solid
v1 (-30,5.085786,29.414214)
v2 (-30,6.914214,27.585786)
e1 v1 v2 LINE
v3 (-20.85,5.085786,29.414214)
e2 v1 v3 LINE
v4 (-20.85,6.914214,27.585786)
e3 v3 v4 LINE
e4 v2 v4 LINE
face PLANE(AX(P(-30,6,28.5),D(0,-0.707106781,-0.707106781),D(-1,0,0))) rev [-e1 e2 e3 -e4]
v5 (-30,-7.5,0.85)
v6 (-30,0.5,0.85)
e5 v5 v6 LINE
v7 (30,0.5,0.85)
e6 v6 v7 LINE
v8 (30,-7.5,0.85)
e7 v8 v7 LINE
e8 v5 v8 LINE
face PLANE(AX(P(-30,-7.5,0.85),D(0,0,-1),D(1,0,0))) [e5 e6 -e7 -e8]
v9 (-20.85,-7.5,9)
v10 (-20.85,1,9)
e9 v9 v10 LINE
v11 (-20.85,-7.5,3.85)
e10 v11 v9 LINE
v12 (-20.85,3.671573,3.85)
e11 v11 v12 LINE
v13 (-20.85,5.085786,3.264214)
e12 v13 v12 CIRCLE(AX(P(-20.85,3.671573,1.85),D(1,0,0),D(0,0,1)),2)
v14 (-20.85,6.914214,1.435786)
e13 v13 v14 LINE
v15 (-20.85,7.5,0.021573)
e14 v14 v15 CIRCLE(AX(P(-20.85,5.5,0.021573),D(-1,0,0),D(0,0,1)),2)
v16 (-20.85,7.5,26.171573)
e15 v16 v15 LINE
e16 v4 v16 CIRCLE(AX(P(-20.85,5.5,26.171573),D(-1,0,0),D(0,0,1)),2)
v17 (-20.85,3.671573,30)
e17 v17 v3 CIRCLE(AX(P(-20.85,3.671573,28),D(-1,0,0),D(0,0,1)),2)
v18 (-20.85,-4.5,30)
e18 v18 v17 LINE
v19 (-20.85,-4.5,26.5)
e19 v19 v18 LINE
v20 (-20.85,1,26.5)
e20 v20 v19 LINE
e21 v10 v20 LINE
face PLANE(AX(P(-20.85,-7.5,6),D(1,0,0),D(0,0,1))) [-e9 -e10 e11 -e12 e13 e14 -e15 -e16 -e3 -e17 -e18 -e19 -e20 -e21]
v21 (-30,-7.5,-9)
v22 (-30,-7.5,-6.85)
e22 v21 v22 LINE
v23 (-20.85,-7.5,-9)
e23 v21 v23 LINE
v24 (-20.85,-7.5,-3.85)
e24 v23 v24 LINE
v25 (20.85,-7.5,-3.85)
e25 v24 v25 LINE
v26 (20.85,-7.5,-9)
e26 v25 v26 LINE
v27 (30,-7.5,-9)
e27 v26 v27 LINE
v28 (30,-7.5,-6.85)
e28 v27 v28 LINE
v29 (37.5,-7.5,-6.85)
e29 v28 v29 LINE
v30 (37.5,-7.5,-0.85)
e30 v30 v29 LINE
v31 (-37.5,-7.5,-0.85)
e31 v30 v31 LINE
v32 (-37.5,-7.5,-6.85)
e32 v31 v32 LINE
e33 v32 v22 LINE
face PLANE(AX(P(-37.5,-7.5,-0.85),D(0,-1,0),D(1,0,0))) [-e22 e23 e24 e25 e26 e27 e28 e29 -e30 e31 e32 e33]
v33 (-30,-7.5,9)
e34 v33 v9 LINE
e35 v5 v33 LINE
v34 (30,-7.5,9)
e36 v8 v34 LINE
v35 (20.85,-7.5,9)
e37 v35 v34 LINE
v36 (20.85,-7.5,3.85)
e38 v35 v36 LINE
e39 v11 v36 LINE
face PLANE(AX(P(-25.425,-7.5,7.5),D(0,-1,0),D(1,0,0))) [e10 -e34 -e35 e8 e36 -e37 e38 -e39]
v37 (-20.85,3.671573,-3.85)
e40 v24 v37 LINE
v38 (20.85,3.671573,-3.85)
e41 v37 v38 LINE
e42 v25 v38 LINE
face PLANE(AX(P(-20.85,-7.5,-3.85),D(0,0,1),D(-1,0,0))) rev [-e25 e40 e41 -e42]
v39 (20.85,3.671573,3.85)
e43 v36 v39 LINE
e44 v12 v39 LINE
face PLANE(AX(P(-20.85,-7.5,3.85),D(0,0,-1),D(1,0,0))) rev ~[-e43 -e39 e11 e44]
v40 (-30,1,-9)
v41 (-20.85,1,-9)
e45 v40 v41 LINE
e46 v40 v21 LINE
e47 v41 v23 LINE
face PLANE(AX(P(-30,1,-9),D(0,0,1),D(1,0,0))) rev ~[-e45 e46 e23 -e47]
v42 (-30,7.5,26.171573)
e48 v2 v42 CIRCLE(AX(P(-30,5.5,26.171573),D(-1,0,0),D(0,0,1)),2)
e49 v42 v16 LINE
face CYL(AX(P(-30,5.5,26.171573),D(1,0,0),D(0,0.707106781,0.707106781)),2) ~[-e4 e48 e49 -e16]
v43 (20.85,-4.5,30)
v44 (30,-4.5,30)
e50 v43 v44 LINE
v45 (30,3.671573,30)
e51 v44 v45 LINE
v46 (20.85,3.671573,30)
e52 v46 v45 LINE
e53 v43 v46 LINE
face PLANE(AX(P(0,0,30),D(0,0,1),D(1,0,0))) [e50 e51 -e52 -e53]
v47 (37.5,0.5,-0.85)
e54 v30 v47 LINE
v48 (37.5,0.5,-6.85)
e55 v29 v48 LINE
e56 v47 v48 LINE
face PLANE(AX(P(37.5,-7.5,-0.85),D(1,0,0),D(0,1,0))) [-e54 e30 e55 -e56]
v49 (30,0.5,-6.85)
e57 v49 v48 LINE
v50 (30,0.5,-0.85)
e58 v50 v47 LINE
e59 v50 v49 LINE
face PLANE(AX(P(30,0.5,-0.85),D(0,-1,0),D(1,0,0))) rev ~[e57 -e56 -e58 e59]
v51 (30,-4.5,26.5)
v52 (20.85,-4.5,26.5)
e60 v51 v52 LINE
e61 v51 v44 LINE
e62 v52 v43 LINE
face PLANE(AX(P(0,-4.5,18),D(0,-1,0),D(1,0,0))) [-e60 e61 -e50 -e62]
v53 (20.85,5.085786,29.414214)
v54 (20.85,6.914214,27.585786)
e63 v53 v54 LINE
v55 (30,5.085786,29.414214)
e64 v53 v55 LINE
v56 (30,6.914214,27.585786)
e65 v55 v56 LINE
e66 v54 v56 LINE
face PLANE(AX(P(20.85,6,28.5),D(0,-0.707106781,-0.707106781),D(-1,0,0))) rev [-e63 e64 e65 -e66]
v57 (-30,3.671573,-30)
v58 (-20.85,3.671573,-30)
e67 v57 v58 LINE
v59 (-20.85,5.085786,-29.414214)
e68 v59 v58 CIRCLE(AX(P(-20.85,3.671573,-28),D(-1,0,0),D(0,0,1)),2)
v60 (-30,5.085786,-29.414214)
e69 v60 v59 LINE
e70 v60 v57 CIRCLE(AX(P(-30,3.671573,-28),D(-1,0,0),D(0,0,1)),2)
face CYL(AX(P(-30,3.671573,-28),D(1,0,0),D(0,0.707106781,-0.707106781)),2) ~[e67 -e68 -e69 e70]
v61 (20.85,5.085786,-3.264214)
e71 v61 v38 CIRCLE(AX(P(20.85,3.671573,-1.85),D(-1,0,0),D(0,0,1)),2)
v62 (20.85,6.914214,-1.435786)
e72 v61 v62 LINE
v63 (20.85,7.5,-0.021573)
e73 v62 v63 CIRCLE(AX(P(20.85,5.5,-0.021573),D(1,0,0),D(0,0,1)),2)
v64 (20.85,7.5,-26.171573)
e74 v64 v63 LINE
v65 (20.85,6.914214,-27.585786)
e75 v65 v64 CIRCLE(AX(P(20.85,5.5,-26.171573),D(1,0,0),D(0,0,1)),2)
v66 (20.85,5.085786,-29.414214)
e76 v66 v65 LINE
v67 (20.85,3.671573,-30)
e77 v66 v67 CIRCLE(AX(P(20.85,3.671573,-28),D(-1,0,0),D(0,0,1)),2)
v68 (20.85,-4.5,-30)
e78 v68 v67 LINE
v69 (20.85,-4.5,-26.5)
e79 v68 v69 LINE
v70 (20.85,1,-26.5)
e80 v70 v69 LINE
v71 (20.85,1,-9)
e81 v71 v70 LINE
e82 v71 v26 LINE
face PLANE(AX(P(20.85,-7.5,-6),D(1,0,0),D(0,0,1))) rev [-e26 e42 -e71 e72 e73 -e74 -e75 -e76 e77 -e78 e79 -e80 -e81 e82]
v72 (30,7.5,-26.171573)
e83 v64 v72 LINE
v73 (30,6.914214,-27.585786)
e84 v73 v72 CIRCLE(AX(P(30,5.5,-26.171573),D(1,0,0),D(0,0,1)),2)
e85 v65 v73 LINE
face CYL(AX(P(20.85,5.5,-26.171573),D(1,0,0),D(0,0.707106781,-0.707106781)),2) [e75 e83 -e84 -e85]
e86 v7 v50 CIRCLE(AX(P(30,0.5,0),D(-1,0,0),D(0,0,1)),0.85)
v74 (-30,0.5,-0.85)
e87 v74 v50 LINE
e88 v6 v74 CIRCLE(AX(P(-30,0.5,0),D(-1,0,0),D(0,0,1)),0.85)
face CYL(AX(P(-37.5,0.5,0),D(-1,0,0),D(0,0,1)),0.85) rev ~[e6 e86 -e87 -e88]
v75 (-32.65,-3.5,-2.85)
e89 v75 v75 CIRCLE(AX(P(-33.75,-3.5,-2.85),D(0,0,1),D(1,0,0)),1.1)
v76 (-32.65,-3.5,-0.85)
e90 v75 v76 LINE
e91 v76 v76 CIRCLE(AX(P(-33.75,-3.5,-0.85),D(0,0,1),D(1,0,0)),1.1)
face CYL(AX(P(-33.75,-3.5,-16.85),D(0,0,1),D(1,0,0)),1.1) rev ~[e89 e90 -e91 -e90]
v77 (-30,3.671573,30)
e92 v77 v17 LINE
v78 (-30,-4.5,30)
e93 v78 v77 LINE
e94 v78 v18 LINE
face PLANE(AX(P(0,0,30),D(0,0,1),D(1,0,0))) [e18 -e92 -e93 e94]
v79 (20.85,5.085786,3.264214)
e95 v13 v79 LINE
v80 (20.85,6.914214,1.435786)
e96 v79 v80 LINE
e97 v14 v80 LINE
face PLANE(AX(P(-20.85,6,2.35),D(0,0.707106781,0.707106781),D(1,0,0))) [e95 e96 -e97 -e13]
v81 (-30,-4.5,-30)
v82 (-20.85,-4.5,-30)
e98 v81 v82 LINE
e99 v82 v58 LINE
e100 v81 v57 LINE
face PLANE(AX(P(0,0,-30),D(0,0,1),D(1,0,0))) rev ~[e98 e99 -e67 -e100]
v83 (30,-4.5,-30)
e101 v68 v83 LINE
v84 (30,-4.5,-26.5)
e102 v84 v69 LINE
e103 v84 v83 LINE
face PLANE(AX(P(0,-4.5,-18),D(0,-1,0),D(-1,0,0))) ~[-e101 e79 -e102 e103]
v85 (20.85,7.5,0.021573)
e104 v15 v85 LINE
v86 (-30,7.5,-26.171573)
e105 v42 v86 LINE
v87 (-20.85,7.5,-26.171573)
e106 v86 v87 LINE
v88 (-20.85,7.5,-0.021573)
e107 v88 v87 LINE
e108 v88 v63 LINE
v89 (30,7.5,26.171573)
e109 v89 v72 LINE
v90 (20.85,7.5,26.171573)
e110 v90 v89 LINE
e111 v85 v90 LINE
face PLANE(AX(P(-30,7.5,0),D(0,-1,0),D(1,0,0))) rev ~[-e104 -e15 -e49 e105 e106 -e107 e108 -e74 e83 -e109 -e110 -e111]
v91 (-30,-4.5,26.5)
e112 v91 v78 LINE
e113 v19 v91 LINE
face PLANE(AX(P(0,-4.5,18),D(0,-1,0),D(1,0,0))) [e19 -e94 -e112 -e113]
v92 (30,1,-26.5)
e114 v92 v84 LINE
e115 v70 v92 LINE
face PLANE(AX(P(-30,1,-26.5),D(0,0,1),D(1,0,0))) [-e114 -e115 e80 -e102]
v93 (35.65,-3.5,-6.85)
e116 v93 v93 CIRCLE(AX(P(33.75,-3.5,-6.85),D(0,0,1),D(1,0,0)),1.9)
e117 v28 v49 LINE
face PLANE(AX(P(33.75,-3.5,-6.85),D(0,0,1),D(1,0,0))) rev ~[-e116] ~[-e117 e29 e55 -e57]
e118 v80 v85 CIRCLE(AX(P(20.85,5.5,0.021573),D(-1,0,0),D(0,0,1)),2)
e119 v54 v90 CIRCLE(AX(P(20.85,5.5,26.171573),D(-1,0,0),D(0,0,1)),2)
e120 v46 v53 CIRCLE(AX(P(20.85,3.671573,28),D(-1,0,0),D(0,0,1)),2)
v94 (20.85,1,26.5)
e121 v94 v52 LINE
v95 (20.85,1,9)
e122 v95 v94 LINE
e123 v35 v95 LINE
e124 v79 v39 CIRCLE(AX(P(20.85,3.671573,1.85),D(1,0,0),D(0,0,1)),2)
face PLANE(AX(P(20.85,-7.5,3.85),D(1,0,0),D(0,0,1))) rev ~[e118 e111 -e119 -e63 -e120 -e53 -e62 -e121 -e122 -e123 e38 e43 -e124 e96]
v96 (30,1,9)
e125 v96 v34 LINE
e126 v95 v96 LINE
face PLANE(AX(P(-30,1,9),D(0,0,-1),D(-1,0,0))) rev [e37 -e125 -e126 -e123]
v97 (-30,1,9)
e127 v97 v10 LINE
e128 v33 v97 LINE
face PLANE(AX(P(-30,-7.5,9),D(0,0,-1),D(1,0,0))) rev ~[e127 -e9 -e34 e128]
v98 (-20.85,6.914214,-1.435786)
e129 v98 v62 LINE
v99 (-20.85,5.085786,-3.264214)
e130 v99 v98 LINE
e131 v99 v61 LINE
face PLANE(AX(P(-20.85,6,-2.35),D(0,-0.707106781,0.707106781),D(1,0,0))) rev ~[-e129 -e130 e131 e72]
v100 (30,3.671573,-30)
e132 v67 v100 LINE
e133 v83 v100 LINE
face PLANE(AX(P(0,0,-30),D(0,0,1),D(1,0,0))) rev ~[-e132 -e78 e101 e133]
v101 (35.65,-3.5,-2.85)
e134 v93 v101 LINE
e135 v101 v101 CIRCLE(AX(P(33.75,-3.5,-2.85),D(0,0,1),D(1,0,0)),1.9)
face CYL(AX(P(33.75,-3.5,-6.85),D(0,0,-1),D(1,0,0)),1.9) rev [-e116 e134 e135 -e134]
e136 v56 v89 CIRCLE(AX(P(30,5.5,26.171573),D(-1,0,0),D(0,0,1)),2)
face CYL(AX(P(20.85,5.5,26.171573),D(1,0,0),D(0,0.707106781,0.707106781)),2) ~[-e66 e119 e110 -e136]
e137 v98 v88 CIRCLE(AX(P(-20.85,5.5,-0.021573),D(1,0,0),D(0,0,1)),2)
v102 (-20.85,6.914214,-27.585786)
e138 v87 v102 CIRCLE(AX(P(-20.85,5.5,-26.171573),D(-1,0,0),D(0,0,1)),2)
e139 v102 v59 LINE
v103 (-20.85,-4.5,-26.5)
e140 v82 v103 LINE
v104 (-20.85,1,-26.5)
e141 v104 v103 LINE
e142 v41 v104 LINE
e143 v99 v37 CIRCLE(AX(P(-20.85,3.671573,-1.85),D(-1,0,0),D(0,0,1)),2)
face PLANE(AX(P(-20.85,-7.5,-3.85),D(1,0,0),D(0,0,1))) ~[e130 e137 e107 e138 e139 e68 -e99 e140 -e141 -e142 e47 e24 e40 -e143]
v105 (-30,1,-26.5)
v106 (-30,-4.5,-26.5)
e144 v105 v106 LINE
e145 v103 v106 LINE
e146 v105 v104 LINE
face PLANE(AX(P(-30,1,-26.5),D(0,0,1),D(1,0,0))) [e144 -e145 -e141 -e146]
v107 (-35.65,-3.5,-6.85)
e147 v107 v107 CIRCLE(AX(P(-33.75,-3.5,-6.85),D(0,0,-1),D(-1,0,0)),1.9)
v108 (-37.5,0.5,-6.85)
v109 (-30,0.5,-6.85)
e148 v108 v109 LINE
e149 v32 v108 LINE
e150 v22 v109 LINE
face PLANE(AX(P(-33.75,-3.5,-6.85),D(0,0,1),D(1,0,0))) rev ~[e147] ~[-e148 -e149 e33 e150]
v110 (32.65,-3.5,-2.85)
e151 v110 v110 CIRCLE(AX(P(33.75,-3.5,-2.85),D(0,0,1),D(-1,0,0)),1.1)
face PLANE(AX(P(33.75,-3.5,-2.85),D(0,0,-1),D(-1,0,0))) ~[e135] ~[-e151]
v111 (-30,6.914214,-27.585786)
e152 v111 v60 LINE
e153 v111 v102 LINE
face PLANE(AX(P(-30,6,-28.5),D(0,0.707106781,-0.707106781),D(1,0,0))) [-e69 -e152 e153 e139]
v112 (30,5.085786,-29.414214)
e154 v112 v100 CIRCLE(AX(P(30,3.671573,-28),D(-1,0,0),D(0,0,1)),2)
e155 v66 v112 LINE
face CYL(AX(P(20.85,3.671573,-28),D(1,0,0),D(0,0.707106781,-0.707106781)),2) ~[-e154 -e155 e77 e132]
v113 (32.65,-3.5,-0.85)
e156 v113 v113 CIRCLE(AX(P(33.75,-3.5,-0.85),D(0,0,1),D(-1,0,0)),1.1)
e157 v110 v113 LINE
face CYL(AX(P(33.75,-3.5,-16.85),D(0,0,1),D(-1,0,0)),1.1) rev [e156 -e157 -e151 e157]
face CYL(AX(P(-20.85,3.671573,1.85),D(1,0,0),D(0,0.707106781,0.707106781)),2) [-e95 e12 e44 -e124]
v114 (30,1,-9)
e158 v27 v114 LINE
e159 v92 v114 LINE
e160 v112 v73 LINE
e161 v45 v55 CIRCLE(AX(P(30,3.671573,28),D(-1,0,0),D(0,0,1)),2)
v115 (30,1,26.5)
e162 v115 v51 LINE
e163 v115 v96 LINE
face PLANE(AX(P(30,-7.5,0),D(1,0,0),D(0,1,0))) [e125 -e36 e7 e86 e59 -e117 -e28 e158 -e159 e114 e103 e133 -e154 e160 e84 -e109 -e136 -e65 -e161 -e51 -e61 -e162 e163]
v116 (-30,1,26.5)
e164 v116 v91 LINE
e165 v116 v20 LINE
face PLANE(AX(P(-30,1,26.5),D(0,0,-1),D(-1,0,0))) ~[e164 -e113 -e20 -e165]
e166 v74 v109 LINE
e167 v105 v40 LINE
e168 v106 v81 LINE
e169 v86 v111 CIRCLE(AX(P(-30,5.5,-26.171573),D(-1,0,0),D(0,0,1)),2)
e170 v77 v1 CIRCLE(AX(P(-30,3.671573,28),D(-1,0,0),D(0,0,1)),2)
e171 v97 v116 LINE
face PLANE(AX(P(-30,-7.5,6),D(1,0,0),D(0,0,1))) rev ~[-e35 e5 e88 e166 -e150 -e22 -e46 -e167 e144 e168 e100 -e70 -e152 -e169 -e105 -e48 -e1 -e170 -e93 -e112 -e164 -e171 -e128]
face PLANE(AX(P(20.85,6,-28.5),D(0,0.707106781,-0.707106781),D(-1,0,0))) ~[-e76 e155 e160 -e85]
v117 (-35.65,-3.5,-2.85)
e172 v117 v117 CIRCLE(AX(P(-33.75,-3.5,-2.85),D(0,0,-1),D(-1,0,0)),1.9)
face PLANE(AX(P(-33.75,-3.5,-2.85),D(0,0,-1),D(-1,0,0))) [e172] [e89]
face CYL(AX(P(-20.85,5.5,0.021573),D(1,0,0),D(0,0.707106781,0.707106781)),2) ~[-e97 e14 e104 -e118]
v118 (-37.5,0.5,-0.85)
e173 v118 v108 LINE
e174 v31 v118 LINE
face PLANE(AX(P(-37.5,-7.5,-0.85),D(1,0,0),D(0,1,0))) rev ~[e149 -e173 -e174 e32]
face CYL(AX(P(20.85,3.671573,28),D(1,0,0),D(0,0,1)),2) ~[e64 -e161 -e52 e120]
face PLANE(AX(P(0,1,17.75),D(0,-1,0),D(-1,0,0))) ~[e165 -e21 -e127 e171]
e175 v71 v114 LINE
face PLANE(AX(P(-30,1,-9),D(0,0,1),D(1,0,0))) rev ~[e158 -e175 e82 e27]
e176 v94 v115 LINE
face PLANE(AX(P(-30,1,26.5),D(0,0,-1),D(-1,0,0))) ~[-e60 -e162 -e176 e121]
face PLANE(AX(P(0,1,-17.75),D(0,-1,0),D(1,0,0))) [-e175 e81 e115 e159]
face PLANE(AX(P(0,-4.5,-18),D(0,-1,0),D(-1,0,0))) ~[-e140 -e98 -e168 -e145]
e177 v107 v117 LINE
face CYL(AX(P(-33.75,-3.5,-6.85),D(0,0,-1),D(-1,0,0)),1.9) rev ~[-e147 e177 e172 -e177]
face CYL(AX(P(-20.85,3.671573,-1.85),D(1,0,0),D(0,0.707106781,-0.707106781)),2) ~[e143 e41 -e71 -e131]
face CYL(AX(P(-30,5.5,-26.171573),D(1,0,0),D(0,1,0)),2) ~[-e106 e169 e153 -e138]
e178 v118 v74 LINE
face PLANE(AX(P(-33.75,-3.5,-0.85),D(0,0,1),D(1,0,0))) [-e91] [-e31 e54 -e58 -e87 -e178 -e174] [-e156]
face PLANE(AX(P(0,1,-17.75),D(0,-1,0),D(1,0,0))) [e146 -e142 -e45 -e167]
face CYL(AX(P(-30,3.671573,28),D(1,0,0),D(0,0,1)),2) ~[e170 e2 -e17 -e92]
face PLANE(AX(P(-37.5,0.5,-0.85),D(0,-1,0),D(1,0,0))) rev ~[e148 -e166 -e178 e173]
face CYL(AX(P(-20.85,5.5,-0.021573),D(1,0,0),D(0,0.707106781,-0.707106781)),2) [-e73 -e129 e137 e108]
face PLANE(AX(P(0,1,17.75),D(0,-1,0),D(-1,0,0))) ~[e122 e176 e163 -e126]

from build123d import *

# Parameters (mm, degrees)
SKETCH1_W                = 60
SKETCH1_H                = 15
BOSS_EXTRUDE1_DEPTH      = 30
SKETCH2_W                = 60
SKETCH2_H                = 1.7
CUT_EXTRUDE1_DEPTH       = 8
SKETCH3_W                = 60
SKETCH3_H                = 1.8
CUT_EXTRUDE2_DEPTH       = 8.5
SKETCH4_W                = 60
SKETCH4_H                = 24
CUT_EXTRUDE3_DEPTH       = 3
SKETCH5_W                = 41.7
SKETCH5_H                = 24
CUT_EXTRUDE4_DEPTH       = 27
SKETCH6_W                = 60
SKETCH6_H                = 9.5
CUT_EXTRUDE5_DEPTH       = 8.5
SKETCH7_W                = 60
SKETCH7_H                = 17.5
CUT_EXTRUDE6_DEPTH       = 25
SKETCH9_W                = 9.15
SKETCH9_H                = 3
BOSS_EXTRUDE2_DEPTH      = 5
SKETCH10_W               = 41.7
SKETCH10_H               = 5.15
CUT_EXTRUDE7_DEPTH       = 23
CHAMFER1_SIZE            = 3
FILLET1_R                = 2
SKETCH11_W               = 7.5
SKETCH11_H               = 8
BOSS_EXTRUDE3_DEPTH      = 6
SKETCH12_R               = 1.9
CUT_EXTRUDE8_DEPTH       = 4
M2_CLEARANCE_HOLE1_D     = 2.2
M2_CLEARANCE_HOLE1_DEPTH = 10
SKETCH16_R               = 0.85
CUT_EXTRUDE9_DEPTH       = 81


with BuildPart() as part:
    # Sketch1 → Boss-Extrude1 (new body, symmetric)
    with BuildSketch(Plane.XY):
        Rectangle(SKETCH1_W, SKETCH1_H)
    extrude(amount=BOSS_EXTRUDE1_DEPTH, both=True)

    # Sketch2 → Cut-Extrude1 (cut)
    with BuildSketch(Plane.XZ.offset(7.5)):
        Rectangle(SKETCH2_W, SKETCH2_H)
    extrude(amount=-CUT_EXTRUDE1_DEPTH, mode=Mode.SUBTRACT)

    # Sketch3 → Cut-Extrude2 (cut)
    with BuildSketch(Plane.XZ.offset(7.5)):
        with Locations((0, -12.1)):
            Rectangle(SKETCH3_W, SKETCH3_H)
        with Locations((0, -23.4)):
            Rectangle(SKETCH3_W, SKETCH3_H)
    cut_extrude2 = extrude(amount=-CUT_EXTRUDE2_DEPTH, mode=Mode.SUBTRACT)

    # Sketch4 → Cut-Extrude3 (cut)
    with BuildSketch(Plane.XZ.offset(7.5)):
        with Locations((0, 18)):
            Rectangle(SKETCH4_W, SKETCH4_H)
    cut_extrude3 = extrude(amount=-CUT_EXTRUDE3_DEPTH, mode=Mode.SUBTRACT)

    # Sketch5 → Cut-Extrude4 (cut)
    with BuildSketch(Plane.XZ.offset(7.5)):
        with Locations((0, 18)):
            Rectangle(SKETCH5_W, SKETCH5_H)
    cut_extrude4 = extrude(amount=-CUT_EXTRUDE4_DEPTH, mode=Mode.SUBTRACT)

    # Sketch6 → Cut-Extrude5 (cut)
    with BuildSketch(Plane.XZ.offset(7.5)):
        with Locations((0, -17.75)):
            Rectangle(SKETCH6_W, SKETCH6_H)
    cut_extrude5 = extrude(amount=-CUT_EXTRUDE5_DEPTH, mode=Mode.SUBTRACT)

    # Sketch7 → Cut-Extrude6 (cut)
    with BuildSketch(Plane.XZ.offset(-1)):
        with Locations((0, -17.75)):
            Rectangle(SKETCH7_W, SKETCH7_H)
    cut_extrude6 = extrude(amount=CUT_EXTRUDE6_DEPTH, mode=Mode.SUBTRACT)

    # Mirror1: Cut-Extrude2, Cut-Extrude3, Cut-Extrude4, Cut-Extrude5, Cut-Extrude6 across plane
    add(cut_extrude2.mirror(Plane.XY), mode=Mode.SUBTRACT)
    add(cut_extrude3.mirror(Plane.XY), mode=Mode.SUBTRACT)
    add(cut_extrude4.mirror(Plane.XY), mode=Mode.SUBTRACT)
    add(cut_extrude5.mirror(Plane.XY), mode=Mode.SUBTRACT)
    add(cut_extrude6.mirror(Plane.XY), mode=Mode.SUBTRACT)

    # Sketch9 → Boss-Extrude2 (add)
    with BuildSketch(Plane.XZ.offset(7.5)):
        with Locations((-25.425, 7.5)):
            Rectangle(SKETCH9_W, SKETCH9_H)
        with Locations((-25.425, -7.5)):
            Rectangle(SKETCH9_W, SKETCH9_H)
        with Locations((25.425, -7.5)):
            Rectangle(SKETCH9_W, SKETCH9_H)
        with Locations((25.425, 7.5)):
            Rectangle(SKETCH9_W, SKETCH9_H)
    extrude(amount=-BOSS_EXTRUDE2_DEPTH)

    # Sketch10 → Cut-Extrude7 (cut)
    with BuildSketch(Plane.XZ.offset(7.5)):
        with Locations((0, 6.425)):
            Rectangle(SKETCH10_W, SKETCH10_H)
    cut_extrude7 = extrude(amount=-CUT_EXTRUDE7_DEPTH, mode=Mode.SUBTRACT)

    # Mirror2: Cut-Extrude7 across plane
    add(cut_extrude7.mirror(Plane.XY), mode=Mode.SUBTRACT)

    # Chamfer1
    chamfer1_edges = [part.edges().sort_by_distance(p)[0] for p in [
        (25.425, 7.5, 30),
        (-25.425, 7.5, -30),
        (0, 7.5, 3.85),
        (0, 7.5, -3.85),
        (25.425, 7.5, -30),
        (-25.425, 7.5, 30),
    ]]
    chamfer(chamfer1_edges, length=CHAMFER1_SIZE)

    # Fillet1
    fillet1_edges = [part.edges().sort_by_distance(p)[0] for p in [
        (0, 4.5, -3.85),
        (-25.425, 7.5, 27),
        (25.425, 7.5, 27),
        (25.425, 7.5, -27),
        (-25.425, 7.5, -27),
        (0, 7.5, 0.85),
        (0, 7.5, -0.85),
        (0, 4.5, 3.85),
        (-25.425, 4.5, -30),
        (25.425, 4.5, -30),
        (25.425, 4.5, 30),
        (-25.425, 4.5, 30),
    ]]
    fillet(fillet1_edges, radius=FILLET1_R)

    # Sketch11 → Boss-Extrude3 (add)
    with BuildSketch(Plane.XY.offset(-0.85)):
        with Locations((-33.75, -3.5)):
            Rectangle(SKETCH11_W, SKETCH11_H)
        with Locations((33.75, -3.5)):
            Rectangle(SKETCH11_W, SKETCH11_H)
    extrude(amount=-BOSS_EXTRUDE3_DEPTH)

    # Sketch12 → Cut-Extrude8 (cut)
    with BuildSketch(Plane(origin=(0, 0, -6.85), x_dir=(-1, 0, 0), z_dir=(0, 0, -1))):
        with Locations((33.75, -3.5)):
            Circle(SKETCH12_R)
    cut_extrude8 = extrude(amount=-CUT_EXTRUDE8_DEPTH, mode=Mode.SUBTRACT)

    # M2 Clearance Hole1
    with Locations(Plane(origin=(0, 0, -6.85), x_dir=(-1, 0, 0), z_dir=(0, 0, -1))):
        with Locations((33.75, -3.5)):
            m2_clearance_hole1 = Hole(M2_CLEARANCE_HOLE1_D / 2, depth=M2_CLEARANCE_HOLE1_DEPTH)

    # Mirror3: Cut-Extrude8, M2 Clearance Hole1 across plane
    add(cut_extrude8.mirror(Plane(origin=(0, 0, 0), x_dir=(0, 0, 1), z_dir=(1, 0, 0))), mode=Mode.SUBTRACT)
    add(m2_clearance_hole1.mirror(Plane(origin=(0, 0, 0), x_dir=(0, 0, 1), z_dir=(1, 0, 0))), mode=Mode.SUBTRACT)

    # Sketch16 → Cut-Extrude9 (cut)
    with BuildSketch(Plane.ZY.offset(37.5)):
        with Locations((0, 0.5)):
            Circle(SKETCH16_R)
    extrude(amount=-CUT_EXTRUDE9_DEPTH, mode=Mode.SUBTRACT)


solid = part.part
